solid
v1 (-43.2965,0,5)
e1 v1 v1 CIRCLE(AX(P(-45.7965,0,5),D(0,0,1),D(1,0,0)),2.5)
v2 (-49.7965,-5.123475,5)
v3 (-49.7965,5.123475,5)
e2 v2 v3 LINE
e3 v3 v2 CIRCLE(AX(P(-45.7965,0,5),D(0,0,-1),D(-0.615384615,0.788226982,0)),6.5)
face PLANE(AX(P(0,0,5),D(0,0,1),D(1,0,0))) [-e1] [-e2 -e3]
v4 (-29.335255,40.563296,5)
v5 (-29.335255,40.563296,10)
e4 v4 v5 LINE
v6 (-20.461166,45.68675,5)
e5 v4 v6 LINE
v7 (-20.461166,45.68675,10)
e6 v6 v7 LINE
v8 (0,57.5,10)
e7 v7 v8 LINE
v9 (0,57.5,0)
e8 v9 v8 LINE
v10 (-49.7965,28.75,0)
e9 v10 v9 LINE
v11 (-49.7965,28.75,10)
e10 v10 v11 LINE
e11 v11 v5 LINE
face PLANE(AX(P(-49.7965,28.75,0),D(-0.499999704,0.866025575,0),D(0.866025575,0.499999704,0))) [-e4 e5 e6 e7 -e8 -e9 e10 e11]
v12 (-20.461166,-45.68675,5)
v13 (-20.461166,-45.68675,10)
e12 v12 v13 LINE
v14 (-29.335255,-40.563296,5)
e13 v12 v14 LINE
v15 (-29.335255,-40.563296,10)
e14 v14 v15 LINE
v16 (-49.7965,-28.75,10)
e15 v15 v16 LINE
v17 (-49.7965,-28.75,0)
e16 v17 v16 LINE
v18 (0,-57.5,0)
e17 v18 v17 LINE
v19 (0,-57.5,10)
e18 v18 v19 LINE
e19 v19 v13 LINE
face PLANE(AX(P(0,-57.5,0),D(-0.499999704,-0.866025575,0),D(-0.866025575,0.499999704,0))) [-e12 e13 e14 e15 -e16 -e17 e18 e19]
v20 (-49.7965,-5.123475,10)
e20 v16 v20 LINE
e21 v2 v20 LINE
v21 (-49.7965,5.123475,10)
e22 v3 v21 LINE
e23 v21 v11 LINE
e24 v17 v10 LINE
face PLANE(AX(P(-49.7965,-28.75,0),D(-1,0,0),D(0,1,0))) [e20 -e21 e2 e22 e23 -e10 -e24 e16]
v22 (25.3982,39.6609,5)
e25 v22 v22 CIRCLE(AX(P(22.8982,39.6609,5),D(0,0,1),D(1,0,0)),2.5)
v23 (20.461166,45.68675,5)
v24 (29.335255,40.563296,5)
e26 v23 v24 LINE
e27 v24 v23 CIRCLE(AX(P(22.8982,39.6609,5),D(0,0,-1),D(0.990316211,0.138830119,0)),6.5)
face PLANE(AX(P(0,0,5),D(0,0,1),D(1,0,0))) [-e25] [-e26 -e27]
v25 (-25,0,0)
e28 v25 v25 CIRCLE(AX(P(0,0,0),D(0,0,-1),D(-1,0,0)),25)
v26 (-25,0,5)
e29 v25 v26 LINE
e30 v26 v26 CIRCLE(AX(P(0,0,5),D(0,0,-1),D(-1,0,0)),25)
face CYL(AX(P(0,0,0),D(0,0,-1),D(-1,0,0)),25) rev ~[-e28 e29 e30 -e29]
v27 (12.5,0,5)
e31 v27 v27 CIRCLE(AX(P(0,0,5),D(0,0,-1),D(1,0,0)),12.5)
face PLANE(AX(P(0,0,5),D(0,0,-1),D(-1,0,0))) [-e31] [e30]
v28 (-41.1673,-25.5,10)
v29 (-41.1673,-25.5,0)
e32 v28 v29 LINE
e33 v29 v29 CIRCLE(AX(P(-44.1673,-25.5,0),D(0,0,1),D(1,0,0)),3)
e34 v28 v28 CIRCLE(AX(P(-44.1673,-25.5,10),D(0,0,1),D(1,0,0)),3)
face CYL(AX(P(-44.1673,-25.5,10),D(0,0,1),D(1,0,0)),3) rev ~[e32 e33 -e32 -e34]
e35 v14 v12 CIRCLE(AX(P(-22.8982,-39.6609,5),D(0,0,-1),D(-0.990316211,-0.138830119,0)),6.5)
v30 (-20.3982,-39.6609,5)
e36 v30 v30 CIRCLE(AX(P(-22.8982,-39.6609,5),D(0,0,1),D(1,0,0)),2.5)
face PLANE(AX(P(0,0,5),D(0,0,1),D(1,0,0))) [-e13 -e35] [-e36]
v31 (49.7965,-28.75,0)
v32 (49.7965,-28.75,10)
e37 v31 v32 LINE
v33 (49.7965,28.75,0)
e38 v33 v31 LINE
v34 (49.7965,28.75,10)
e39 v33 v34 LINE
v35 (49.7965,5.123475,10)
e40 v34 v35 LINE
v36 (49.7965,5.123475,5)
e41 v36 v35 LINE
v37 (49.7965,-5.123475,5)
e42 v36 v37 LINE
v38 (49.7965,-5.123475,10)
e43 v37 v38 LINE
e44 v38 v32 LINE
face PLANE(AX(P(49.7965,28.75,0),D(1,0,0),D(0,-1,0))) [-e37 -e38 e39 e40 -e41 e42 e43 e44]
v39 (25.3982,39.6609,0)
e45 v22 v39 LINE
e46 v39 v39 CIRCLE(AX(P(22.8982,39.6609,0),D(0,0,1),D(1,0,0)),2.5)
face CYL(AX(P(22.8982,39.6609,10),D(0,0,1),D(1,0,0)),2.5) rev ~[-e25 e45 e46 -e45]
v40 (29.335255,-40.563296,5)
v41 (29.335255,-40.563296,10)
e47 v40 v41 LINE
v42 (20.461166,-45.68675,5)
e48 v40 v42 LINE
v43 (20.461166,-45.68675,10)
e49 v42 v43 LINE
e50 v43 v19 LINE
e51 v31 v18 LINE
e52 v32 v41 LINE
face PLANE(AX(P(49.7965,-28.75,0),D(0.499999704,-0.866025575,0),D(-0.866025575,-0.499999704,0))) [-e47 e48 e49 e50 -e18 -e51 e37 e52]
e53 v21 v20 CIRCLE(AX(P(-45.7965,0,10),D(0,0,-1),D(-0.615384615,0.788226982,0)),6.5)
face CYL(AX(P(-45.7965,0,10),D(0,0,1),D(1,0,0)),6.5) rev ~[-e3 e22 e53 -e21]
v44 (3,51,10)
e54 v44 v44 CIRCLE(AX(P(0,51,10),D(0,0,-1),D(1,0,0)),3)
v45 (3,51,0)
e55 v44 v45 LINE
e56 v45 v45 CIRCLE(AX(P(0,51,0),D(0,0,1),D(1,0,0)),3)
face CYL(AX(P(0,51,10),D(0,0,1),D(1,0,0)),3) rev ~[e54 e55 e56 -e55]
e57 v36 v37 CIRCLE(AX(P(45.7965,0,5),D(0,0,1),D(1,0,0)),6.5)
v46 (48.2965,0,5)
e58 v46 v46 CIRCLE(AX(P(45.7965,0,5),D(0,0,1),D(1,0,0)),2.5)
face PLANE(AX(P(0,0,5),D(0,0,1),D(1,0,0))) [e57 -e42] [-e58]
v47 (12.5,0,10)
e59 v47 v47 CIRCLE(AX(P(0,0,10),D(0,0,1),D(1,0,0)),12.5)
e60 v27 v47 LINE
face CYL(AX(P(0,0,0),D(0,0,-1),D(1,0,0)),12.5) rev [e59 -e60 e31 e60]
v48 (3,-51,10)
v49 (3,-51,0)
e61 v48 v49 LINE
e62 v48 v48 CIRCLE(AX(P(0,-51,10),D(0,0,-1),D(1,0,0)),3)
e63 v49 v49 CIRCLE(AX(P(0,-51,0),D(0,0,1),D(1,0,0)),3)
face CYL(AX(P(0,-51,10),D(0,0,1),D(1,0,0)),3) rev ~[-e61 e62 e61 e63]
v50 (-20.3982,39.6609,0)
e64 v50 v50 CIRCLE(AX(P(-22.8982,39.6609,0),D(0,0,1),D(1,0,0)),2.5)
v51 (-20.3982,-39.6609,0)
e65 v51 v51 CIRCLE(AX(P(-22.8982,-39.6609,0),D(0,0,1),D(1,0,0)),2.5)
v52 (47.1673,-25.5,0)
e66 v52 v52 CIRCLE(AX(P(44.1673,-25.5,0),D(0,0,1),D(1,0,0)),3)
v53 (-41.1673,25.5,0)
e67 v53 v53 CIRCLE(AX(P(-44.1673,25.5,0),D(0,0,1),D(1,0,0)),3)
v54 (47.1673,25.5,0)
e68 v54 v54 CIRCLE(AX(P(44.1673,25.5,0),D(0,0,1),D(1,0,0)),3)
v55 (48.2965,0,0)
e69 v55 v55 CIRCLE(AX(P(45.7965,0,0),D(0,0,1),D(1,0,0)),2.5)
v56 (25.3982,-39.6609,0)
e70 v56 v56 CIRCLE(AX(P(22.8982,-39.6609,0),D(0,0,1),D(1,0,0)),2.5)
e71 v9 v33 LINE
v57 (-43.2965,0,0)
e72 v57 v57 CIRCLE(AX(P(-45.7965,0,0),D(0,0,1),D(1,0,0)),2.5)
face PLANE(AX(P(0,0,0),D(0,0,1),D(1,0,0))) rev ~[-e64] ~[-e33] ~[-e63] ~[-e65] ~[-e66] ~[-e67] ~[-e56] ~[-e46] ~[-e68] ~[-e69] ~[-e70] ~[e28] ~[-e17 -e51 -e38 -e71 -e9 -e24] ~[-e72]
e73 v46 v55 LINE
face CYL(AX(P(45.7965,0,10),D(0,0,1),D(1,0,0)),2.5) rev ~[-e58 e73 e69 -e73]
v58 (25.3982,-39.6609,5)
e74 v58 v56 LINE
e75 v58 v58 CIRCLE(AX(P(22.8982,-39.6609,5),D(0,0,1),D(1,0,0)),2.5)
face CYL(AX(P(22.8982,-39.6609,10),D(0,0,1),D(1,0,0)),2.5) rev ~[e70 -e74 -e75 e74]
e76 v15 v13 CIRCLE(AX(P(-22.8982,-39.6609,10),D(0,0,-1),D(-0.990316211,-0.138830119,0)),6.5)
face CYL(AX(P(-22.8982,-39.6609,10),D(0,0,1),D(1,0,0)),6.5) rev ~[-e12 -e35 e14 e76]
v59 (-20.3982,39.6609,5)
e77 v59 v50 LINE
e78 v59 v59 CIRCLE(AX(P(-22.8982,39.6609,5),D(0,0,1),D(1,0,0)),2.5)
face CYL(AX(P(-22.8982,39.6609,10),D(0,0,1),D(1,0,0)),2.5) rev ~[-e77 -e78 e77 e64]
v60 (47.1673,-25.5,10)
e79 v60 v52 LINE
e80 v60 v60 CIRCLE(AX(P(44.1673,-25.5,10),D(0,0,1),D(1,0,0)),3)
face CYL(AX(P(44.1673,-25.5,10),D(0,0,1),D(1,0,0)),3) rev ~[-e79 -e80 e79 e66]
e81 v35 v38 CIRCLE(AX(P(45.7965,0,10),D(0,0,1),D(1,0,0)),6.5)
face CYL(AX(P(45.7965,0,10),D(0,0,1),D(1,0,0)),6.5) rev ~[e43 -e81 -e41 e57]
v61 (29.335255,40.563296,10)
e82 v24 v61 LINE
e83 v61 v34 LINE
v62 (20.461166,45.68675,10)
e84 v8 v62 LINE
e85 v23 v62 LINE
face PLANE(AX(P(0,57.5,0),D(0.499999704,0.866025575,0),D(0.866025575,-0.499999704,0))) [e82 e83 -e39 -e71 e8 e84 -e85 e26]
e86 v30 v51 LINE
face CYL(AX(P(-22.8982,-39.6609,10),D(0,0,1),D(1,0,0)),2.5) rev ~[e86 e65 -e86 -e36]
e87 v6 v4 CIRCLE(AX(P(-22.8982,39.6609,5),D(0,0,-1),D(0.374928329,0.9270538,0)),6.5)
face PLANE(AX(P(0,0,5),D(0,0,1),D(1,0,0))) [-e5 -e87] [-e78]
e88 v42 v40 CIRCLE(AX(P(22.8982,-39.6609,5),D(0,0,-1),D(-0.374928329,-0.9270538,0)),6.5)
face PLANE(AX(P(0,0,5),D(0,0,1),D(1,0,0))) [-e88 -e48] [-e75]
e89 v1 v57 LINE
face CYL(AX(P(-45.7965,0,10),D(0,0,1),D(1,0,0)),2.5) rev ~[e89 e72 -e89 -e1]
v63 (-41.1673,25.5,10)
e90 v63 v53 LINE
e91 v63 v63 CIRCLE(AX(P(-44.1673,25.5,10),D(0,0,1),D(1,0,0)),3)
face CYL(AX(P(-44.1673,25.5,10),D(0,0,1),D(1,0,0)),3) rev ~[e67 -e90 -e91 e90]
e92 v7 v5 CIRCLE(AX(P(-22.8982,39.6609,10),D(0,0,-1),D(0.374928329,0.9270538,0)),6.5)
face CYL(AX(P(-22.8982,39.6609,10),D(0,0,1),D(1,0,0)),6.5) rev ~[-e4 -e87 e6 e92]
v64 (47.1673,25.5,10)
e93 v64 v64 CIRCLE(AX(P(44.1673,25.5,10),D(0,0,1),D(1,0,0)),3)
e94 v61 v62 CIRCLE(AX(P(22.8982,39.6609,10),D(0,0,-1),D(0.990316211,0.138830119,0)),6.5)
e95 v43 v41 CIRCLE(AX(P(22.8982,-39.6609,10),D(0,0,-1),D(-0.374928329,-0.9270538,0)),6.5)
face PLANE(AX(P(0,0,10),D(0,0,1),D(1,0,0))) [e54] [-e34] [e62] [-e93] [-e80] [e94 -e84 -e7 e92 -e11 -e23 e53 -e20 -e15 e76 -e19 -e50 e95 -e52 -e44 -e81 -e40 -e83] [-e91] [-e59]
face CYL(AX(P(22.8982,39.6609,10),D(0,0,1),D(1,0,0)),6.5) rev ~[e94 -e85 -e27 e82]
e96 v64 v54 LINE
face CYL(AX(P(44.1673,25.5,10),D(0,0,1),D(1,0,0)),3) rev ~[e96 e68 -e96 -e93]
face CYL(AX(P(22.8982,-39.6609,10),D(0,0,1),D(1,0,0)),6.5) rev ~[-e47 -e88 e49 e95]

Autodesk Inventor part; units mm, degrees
ref_plane "YZ Plane" through (0, 0, 0) normal (1, 0, 0) x (0, 1, 0)
ref_plane "XZ Plane" through (0, 0, 0) normal (0, 1, 0) x (-1, 0, 0)
ref_plane "XY Plane" through (0, 0, 0) normal (0, 0, 1) x (1, 0, 0)
sketch "Sketch1" plane through (0, 0, 0) normal (0, 0, 1) x (1, 0, 0)
  circle A0 centre (0, 0) radius 12.5
  circle A1 centre (-30, 0) radius 3
  circle A2 centre (-15, -25.9808) radius 3
  circle A3 centre (15, -25.9808) radius 3
  circle A4 centre (30, 0) radius 3
  circle A5 centre (15, 25.9808) radius 3
  circle A6 centre (-15, 25.9808) radius 3
  line L0 (0, 57.5) -> (49.7965, 28.75)
  line L1 (49.7965, 28.75) -> (49.7965, -28.75)
  line L2 (49.7965, -28.75) -> (0, -57.5)
  line L3 (0, -57.5) -> (-49.7965, -28.75)
  line L4 (-49.7965, -28.75) -> (-49.7965, 28.75)
  line L5 (-49.7965, 28.75) -> (0, 57.5)
  point P0 (49.7965, 0)
  dimension "d0" = 25
  dimension "d2" = 6
  dimension "d6" = 360
  dimension "d15" = 30
  dimension "d33" = 115
extrude "Extrusion1" add sketch "Sketch1" along normal blind 10 contours A1 | A2 | A3 | A4 | A5 | A6 | L0 L1 L2 L3 L4 L5
sketch "Sketch7" plane through (0, 0, 10) normal (0, 0, 1) x (1, 0, 0)
  circle A0 centre (0, 51) radius 3
  circle A1 centre (-44.1673, 25.5) radius 3
  circle A2 centre (-44.1673, -25.5) radius 3
  circle A3 centre (0, -51) radius 3
  circle A4 centre (44.1673, -25.5) radius 3
  circle A5 centre (44.1673, 25.5) radius 3
  line L0 (0, 51) -> (0, -51)
  point P0 (0, 0)
  dimension "d42" = 6
  dimension "d46" = 360
  dimension "d96" = 102
extrude "Extrusion6" cut sketch "Sketch7" against normal through all
sketch "Sketch9" plane through (0, 0, 0) normal (0, 0, -1) x (-1, 0, 0)
  circle A0 centre (0, 0) radius 25
  dimension "d56" = 50
extrude "Extrusion8" cut sketch "Sketch9" against normal blind 5
sketch "Sketch14" plane through (0, 0, 10) normal (0, 0, 1) x (1, 0, 0)
  circle A0 centre (-45.7965, 0) radius 2.5
  circle A1 centre (-22.8982, -39.6609) radius 2.5
  circle A2 centre (22.8982, -39.6609) radius 2.5
  circle A3 centre (45.7965, 0) radius 2.5
  circle A4 centre (22.8982, 39.6609) radius 2.5
  circle A5 centre (-22.8982, 39.6609) radius 2.5
  line L0 (-49.7965, 28.75) -> (-49.7965, -28.75) projected
  point P0 (0, 0)
  point P1 (-45.7965, 0)
  dimension "d81" = 5
  dimension "d85" = 360
  dimension "d97" = 4
extrude "Extrusion13" cut sketch "Sketch14" against normal through all
sketch "Sketch15" plane through (0, 0, 10) normal (0, 0, 1) x (1, 0, 0)
  circle A0 centre (-22.8982, 39.6609) radius 2.5 projected
  circle A1 centre (-22.8982, 39.6609) radius 6.5
  circle A2 centre (-45.7965, 0) radius 6.5
  circle A3 centre (-22.8982, -39.6609) radius 6.5
  circle A4 centre (22.8982, -39.6609) radius 6.5
  circle A5 centre (45.7965, 0) radius 6.5
  circle A6 centre (22.8982, 39.6609) radius 6.5
  point P0 (0, 0)
  dimension "d89" = 13
  dimension "d92" = 360
extrude "Extrusion14" cut sketch "Sketch15" against normal blind 5 contours A0 | A1 | A2 | A3 | A4 | A5 | A6
properties part number "TA01" material "ABS Plastic"
